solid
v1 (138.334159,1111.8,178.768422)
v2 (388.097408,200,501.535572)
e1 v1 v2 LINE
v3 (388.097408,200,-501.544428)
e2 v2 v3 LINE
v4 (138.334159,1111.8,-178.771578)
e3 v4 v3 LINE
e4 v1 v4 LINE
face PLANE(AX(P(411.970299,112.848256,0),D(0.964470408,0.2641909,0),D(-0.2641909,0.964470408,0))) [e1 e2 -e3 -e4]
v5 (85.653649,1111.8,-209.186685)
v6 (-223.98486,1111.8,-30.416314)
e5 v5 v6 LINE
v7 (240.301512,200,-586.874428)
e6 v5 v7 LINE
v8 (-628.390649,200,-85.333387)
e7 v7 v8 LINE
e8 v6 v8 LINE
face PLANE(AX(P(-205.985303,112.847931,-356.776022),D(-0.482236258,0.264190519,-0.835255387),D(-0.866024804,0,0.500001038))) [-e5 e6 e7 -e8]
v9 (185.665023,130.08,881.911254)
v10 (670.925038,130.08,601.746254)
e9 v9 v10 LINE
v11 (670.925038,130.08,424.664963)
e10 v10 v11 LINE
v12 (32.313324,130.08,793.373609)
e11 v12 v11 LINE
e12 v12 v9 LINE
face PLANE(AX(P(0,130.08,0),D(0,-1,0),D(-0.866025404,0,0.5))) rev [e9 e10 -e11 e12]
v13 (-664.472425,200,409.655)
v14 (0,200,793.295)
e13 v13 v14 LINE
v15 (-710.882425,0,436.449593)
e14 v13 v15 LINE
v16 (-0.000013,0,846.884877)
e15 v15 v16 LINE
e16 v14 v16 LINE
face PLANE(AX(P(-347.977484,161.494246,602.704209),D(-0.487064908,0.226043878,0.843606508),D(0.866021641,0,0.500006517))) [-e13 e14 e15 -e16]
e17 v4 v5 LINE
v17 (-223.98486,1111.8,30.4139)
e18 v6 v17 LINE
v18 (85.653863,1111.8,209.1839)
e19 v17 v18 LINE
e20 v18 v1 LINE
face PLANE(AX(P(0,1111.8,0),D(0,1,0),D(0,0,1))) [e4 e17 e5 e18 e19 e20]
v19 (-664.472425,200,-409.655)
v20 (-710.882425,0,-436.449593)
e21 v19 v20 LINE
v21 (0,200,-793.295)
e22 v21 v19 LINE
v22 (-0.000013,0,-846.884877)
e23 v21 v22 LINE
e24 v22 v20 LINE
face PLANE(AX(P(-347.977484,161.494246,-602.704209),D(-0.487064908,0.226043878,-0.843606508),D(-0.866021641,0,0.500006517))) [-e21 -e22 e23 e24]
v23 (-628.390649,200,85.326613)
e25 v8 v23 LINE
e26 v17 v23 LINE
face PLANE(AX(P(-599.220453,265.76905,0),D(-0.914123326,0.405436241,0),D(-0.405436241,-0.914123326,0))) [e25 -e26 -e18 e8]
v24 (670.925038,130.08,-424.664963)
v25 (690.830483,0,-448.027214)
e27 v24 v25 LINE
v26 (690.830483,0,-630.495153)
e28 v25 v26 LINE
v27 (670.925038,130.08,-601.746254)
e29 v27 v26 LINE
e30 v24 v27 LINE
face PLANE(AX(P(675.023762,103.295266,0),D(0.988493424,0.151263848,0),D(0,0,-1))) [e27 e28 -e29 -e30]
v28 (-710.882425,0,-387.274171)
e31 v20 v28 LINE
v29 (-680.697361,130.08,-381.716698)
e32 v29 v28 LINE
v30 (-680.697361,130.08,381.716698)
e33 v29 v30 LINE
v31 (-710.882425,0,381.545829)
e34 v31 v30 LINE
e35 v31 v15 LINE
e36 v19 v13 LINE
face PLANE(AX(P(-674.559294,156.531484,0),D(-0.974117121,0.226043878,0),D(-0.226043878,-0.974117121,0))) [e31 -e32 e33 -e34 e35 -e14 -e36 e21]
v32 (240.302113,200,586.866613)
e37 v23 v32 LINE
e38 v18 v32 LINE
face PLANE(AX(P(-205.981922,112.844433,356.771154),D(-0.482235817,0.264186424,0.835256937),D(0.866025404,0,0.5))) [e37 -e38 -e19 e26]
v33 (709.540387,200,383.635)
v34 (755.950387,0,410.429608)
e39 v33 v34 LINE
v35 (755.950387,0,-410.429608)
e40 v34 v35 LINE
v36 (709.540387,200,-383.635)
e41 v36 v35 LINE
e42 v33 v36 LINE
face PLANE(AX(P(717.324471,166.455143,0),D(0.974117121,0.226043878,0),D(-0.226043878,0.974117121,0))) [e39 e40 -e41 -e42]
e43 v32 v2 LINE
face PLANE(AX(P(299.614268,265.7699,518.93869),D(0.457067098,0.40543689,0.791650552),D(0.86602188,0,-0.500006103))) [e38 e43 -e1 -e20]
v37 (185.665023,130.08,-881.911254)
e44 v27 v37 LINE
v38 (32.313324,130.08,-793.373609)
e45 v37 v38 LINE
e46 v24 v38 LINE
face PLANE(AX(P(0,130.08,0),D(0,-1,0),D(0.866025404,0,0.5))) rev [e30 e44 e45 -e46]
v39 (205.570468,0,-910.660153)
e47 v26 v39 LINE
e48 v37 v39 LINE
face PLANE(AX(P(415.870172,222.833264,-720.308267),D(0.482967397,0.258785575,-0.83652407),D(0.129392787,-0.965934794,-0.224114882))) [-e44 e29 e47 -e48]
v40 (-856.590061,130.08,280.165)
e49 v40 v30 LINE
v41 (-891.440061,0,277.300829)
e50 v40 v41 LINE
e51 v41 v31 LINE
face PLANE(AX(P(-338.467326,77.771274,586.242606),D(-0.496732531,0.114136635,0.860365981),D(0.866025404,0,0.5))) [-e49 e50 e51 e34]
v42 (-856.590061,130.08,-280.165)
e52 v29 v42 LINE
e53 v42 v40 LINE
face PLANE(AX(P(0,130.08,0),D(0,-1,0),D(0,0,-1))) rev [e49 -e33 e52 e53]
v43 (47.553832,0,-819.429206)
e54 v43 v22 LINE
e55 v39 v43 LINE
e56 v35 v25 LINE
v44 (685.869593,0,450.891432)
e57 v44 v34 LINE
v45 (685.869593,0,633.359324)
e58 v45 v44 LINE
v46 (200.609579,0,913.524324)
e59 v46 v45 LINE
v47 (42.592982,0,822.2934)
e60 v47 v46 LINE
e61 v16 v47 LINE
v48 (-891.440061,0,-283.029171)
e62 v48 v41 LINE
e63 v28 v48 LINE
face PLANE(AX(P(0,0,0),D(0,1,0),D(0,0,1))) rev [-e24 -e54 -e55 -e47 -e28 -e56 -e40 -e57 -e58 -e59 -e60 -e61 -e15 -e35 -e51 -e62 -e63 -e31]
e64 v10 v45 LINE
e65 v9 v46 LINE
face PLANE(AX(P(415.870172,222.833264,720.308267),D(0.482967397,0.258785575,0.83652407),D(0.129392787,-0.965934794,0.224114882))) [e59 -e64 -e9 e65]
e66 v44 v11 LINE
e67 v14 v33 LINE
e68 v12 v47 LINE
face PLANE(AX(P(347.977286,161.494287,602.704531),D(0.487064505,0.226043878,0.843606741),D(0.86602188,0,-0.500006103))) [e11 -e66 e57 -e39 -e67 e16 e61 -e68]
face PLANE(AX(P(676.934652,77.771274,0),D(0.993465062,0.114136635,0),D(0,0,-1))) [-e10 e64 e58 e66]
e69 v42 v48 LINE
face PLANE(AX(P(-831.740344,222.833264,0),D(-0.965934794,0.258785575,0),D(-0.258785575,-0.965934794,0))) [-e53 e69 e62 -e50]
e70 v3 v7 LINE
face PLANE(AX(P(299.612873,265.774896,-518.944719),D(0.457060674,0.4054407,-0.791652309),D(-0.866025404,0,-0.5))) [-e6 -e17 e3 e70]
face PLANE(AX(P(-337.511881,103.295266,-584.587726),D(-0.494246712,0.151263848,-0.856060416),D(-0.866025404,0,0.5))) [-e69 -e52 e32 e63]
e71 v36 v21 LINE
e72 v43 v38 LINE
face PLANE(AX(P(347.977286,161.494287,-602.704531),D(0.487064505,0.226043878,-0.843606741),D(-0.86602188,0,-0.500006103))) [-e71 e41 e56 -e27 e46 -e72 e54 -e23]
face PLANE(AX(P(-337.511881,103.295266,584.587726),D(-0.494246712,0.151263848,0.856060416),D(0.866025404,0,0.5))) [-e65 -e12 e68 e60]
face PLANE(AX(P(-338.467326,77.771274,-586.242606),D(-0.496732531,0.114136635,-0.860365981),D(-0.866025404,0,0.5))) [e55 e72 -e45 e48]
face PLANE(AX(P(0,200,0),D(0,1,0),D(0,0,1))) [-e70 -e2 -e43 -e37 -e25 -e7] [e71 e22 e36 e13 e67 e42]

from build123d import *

# Parameters (mm, degrees)
PATTERN_CIRCULAR_1_COUNT = 3


with BuildPart() as part:
    # 草图4 → 放样5 section 0
    with BuildSketch(Plane(origin=(0, 200, 0), x_dir=(1, 0, 0), z_dir=(0, 1, 0))):
        Polygon((0, 793.295), (-664.472424785, 409.655), (-664.472424785, -409.655), (0, -793.295), (709.5403868, -383.635), (709.5403868, 383.635), align=None)
    # 草图1 → 放样5 section 1
    with BuildSketch(Plane(origin=(0, 0, 0), x_dir=(1, 0, 0), z_dir=(0, 1, 0))):
        Polygon((-710.882424785, -436.449593178), (-1.2807e-05, -846.88487741), (755.9503868, -410.429607966), (755.9503868, 410.429607966), (-1.2807e-05, 846.88487741), (-710.882424785, 436.449593178), align=None)
    loft()

    # 草图8 → 放样8 section 0
    with BuildSketch(Plane(origin=(0, 130.08, 0), x_dir=(1, 0, 0), z_dir=(0, 1, 0))):
        Polygon((-676.032424785, 384.41), (-676.032424785, -384.41), (-856.59006122, -280.165), (-856.59006122, 280.165), align=None)
    # 草图7 → 放样8 section 1
    with BuildSketch(Plane(origin=(0, 0, 0), x_dir=(1, 0, 0), z_dir=(0, 1, 0))):
        Polygon((-710.882424785, 387.274170973), (-891.44006122, 283.029170973), (-891.44006122, -277.300829027), (-710.882424785, -381.545829027), align=None)
    loft_8 = loft()

    # 阵列(圆周)1: 放样8 ×3 about axis
    pattern_circular_1_axis = Axis((0, 0, 0), (0, 1, 0))
    for i in range(1, PATTERN_CIRCULAR_1_COUNT):
        add(loft_8.rotate(pattern_circular_1_axis, i * 360 / PATTERN_CIRCULAR_1_COUNT))

    # 草图11 → 放样9 section 0
    with BuildSketch(Plane(origin=(0, 1111.8, 0), x_dir=(1, 0, 0), z_dir=(0, 1, 0))):
        Polygon((-223.984859664, 30.416313823), (-223.984859664, -30.413899524), (85.653863205, -209.183899524), (138.334158952, -178.768421621), (138.334158952, 178.771578379), (85.653648875, 209.186685053), align=None)
    # 草图10 → 放样9 section 1
    with BuildSketch(Plane(origin=(0, 200, 0), x_dir=(1, 0, 0), z_dir=(0, 1, 0))):
        Polygon((240.301512133, 586.87442815), (388.097407543, 501.54442815), (388.097407543, -501.53557185), (240.30211344, -586.866613336), (-628.39064859, -85.32661334), (-628.39064859, 85.33338666), align=None)
    loft()


solid = part.part
